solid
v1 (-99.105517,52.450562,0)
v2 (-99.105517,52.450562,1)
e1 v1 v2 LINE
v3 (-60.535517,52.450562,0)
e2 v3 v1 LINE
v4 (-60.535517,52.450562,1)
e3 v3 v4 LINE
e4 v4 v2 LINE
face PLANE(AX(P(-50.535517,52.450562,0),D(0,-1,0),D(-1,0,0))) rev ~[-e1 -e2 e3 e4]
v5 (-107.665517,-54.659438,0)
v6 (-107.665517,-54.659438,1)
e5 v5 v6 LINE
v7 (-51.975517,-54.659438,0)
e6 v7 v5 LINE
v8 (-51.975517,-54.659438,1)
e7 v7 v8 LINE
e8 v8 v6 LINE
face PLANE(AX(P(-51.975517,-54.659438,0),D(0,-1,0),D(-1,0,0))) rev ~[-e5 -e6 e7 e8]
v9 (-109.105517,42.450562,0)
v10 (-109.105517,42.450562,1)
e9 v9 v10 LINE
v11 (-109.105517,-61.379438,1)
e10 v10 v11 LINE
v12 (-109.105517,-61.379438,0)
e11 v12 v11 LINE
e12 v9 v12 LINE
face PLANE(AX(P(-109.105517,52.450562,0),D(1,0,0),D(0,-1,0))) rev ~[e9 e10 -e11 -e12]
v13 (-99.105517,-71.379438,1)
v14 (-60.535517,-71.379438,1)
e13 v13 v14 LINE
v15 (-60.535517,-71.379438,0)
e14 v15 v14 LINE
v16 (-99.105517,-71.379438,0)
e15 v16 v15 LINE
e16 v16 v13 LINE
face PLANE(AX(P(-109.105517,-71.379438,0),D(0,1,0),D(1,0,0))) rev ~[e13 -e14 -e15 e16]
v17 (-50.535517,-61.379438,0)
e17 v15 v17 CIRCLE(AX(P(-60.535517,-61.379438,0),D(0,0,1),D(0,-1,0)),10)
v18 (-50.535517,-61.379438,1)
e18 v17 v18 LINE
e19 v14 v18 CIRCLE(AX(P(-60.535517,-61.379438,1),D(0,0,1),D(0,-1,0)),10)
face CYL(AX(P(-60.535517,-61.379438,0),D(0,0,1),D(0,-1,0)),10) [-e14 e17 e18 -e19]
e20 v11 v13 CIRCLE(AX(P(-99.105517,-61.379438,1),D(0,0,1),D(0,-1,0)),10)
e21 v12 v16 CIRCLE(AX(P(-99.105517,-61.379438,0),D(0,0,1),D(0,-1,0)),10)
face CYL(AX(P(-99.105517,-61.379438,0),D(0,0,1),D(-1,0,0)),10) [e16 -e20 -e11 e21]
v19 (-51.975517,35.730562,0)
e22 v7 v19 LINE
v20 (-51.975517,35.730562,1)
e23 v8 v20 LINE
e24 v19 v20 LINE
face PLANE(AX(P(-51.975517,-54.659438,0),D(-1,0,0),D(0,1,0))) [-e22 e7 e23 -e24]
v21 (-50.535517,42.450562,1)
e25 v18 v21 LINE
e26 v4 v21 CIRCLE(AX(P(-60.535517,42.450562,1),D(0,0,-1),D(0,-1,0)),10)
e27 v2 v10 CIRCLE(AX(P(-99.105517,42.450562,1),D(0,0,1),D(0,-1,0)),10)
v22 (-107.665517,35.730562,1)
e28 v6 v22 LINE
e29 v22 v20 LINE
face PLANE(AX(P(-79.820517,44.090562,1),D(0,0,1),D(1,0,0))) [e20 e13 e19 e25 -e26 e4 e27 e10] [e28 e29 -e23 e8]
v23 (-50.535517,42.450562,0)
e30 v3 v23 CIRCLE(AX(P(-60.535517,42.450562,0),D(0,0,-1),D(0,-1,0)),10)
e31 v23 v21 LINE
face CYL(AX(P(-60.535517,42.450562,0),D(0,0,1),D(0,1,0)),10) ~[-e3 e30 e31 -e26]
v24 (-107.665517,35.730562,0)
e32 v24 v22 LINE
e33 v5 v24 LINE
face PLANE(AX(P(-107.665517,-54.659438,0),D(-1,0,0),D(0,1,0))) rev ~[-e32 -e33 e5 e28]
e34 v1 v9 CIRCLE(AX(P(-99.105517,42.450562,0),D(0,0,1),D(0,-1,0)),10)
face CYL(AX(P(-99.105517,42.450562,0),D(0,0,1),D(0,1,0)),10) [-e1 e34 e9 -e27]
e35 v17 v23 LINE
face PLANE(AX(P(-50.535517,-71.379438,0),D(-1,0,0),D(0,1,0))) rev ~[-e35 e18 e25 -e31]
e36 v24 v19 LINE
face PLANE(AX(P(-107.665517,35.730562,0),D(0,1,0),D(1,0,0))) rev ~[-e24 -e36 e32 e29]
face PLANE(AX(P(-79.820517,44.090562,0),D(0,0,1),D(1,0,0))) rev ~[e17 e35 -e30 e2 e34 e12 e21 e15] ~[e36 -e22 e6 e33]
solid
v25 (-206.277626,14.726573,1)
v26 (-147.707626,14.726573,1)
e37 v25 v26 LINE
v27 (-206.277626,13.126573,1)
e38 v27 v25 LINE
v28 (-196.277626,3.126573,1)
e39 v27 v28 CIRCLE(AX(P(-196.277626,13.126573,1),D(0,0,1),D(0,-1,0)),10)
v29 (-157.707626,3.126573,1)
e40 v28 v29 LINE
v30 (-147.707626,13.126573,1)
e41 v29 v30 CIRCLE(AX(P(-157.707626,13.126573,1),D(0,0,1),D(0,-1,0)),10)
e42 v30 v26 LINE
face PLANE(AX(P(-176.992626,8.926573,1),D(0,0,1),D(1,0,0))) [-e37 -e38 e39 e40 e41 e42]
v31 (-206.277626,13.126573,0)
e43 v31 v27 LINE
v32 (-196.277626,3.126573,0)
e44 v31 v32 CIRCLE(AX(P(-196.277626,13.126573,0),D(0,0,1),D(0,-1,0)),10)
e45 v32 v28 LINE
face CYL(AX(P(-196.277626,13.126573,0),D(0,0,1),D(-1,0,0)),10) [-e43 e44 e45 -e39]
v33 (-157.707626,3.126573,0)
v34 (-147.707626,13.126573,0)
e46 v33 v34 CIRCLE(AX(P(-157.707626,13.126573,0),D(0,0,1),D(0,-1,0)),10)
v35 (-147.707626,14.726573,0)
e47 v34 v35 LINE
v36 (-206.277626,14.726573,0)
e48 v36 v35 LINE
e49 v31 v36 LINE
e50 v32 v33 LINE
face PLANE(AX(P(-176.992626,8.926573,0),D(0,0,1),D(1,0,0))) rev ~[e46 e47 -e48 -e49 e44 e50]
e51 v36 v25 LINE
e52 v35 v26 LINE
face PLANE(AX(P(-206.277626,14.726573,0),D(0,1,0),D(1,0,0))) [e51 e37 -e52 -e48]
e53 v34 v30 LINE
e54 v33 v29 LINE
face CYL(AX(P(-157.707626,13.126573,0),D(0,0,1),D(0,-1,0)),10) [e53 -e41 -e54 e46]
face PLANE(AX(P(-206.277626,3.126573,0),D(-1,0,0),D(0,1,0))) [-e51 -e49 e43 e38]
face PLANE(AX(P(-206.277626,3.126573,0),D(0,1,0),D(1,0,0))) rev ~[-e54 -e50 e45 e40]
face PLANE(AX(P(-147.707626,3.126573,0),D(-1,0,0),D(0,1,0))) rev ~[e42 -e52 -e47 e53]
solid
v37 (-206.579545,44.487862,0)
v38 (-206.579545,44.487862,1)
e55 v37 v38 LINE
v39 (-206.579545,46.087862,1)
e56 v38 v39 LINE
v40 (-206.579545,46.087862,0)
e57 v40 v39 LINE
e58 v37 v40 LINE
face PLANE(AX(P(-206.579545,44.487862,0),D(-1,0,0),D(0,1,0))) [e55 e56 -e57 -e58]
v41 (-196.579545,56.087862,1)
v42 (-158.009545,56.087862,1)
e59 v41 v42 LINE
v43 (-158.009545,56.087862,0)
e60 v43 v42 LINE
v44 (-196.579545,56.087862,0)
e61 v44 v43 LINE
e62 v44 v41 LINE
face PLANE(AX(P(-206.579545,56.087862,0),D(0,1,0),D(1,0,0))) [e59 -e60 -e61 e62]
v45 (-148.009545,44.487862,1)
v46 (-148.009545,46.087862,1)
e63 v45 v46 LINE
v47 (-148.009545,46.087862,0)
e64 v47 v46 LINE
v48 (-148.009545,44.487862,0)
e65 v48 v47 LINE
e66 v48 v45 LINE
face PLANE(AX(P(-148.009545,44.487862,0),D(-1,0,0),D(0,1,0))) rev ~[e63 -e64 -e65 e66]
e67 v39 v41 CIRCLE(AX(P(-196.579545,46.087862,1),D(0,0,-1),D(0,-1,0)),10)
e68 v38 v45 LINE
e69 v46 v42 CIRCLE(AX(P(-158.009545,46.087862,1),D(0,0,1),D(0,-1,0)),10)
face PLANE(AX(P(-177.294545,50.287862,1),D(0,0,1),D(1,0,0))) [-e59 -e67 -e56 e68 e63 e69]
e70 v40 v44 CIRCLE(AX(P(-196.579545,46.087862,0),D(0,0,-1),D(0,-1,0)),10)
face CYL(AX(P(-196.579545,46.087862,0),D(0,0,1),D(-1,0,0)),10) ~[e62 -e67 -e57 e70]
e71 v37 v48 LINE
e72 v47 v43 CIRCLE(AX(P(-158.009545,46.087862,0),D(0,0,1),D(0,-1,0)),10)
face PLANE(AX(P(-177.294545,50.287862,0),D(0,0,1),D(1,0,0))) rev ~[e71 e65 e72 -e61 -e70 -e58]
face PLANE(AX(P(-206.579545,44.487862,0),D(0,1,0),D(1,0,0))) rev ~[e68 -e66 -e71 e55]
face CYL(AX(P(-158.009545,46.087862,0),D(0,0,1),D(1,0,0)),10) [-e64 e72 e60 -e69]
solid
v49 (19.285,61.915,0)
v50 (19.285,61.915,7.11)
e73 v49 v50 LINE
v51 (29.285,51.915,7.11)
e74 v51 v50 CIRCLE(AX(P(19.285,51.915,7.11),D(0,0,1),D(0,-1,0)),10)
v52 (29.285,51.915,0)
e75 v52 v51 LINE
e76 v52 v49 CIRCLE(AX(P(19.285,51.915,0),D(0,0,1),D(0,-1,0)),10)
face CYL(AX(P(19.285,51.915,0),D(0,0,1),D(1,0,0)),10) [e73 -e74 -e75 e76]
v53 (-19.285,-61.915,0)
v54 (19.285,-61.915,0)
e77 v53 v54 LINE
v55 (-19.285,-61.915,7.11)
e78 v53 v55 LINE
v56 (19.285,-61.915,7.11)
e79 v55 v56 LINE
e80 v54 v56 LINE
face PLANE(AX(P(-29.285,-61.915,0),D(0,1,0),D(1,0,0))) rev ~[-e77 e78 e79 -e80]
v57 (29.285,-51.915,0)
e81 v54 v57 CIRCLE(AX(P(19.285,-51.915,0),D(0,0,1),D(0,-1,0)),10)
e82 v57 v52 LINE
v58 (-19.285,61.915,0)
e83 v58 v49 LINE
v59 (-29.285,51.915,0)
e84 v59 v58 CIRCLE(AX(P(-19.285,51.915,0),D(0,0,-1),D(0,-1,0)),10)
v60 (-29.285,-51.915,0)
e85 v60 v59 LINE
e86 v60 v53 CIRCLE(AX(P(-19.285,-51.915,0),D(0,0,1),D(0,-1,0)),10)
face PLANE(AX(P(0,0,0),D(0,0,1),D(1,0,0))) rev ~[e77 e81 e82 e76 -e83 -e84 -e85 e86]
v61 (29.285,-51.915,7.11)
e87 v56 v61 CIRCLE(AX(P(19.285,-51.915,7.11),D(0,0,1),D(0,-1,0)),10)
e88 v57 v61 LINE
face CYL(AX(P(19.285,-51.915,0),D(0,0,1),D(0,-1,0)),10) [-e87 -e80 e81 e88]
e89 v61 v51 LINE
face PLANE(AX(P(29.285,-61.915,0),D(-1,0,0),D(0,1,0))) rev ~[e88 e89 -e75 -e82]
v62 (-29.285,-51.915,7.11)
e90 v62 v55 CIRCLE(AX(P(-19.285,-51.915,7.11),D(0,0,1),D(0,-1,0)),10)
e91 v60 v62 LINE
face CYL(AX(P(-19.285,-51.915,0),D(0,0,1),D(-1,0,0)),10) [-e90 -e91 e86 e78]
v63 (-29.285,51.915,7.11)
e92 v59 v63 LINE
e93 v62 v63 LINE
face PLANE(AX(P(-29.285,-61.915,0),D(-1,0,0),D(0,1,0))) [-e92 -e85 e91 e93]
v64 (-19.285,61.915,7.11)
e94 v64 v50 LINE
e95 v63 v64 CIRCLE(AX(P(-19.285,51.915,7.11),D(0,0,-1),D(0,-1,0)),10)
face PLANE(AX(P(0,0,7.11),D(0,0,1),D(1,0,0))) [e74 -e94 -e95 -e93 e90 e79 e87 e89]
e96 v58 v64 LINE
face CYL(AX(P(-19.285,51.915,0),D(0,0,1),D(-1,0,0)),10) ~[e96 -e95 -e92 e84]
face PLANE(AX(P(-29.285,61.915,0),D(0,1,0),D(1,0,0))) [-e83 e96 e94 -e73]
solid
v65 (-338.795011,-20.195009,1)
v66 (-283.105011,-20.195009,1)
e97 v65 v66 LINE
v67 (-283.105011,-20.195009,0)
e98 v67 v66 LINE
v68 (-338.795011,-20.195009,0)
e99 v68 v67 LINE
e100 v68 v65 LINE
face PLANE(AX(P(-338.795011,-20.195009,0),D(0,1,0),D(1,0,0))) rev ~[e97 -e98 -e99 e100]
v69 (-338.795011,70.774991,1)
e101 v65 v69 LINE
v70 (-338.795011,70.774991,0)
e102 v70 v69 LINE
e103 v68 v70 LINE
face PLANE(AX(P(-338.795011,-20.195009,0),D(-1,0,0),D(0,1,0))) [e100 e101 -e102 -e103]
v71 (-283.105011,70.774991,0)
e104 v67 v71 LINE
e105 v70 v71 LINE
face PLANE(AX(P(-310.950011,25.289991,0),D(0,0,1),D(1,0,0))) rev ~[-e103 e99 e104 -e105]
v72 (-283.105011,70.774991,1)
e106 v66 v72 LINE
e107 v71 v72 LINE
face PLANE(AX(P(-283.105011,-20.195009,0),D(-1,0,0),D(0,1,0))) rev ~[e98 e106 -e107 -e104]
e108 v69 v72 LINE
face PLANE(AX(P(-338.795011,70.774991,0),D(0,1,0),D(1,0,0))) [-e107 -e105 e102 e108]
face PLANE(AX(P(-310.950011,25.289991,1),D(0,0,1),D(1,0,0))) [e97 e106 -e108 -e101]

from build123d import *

# Parameters (mm, degrees)
F0_W      = 58.57
F0_H      = 123.83
F1_DEPTH  = 7.11
F2_R      = 10
F3_W      = 1.44
F3_H      = 90.39
F4_DEPTH  = 1
F5_R      = 10
F6_W      = 58.57
F6_H      = 11.6
F7_DEPTH  = 1
F8_R      = 10
F9_W      = 55.69
F9_H      = 90.97
F10_DEPTH = 1


with BuildPart() as f1:
    # F0 (on Top) → F1 (new body)
    with BuildSketch(Plane.XY):
        Rectangle(F0_W, F0_H)
    extrude(amount=F1_DEPTH)

    # F2
    f2_edges = [f1.edges().sort_by_distance(p)[0] for p in [
        (29.285, -61.915, 3.555),
        (-29.285, -61.915, 3.555),
        (29.285, 61.915, 3.555),
        (-29.285, 61.915, 3.555),
    ]]
    fillet(f2_edges, radius=F2_R)


with BuildPart() as f4:
    # F3 (on Top) → F4 (new body)
    with BuildSketch(Plane.XY):
        Polygon((-50.535517, 52.450562), (-109.105517, 52.450562), (-109.105517, 35.730562), (-107.665517, 35.730562), (-51.975517, 35.730562), (-50.535517, 35.730562), align=None)
        with Locations((-108.385517, -9.464438)):
            Rectangle(F3_W, F3_H)
        with Locations((-51.255517, -9.464438)):
            Rectangle(F3_W, F3_H)
        Polygon((-107.665517, -54.659438), (-109.105517, -54.659438), (-109.105517, -71.379438), (-50.535517, -71.379438), (-50.535517, -54.659438), (-51.975517, -54.659438), align=None)
    extrude(amount=F4_DEPTH)

    # F5
    f5_edges = [f4.edges().sort_by_distance(p)[0] for p in [
        (-109.105517, 52.450562, 0.5),
        (-109.105517, -71.379438, 0.5),
        (-50.535517, -71.379438, 0.5),
        (-50.535517, 52.450562, 0.5),
    ]]
    fillet(f5_edges, radius=F5_R)


with BuildPart() as f7:
    # F6 (on Top) → F7 (new body)
    with BuildSketch(Plane.XY):
        with Locations((-177.294545, 50.287862)):
            Rectangle(F6_W, F6_H)
        with Locations((-176.992626, 8.926573)):
            Rectangle(F6_W, F6_H)
    extrude(amount=F7_DEPTH)

    # F8
    f8_edges = [f7.edges().sort_by_distance(p)[0] for p in [
        (-148.009545, 56.087862, 0.5),
        (-206.579545, 56.087862, 0.5),
        (-206.277626, 3.126573, 0.5),
        (-147.707626, 3.126573, 0.5),
    ]]
    fillet(f8_edges, radius=F8_R)


with BuildPart() as f10:
    # F9 (on Top) → F10 (new body)
    with BuildSketch(Plane.XY):
        with Locations((-310.950011, 25.289991)):
            Rectangle(F9_W, F9_H)
    extrude(amount=F10_DEPTH)


solid = Compound([f1.part, f4.part, f7.part, f10.part])
